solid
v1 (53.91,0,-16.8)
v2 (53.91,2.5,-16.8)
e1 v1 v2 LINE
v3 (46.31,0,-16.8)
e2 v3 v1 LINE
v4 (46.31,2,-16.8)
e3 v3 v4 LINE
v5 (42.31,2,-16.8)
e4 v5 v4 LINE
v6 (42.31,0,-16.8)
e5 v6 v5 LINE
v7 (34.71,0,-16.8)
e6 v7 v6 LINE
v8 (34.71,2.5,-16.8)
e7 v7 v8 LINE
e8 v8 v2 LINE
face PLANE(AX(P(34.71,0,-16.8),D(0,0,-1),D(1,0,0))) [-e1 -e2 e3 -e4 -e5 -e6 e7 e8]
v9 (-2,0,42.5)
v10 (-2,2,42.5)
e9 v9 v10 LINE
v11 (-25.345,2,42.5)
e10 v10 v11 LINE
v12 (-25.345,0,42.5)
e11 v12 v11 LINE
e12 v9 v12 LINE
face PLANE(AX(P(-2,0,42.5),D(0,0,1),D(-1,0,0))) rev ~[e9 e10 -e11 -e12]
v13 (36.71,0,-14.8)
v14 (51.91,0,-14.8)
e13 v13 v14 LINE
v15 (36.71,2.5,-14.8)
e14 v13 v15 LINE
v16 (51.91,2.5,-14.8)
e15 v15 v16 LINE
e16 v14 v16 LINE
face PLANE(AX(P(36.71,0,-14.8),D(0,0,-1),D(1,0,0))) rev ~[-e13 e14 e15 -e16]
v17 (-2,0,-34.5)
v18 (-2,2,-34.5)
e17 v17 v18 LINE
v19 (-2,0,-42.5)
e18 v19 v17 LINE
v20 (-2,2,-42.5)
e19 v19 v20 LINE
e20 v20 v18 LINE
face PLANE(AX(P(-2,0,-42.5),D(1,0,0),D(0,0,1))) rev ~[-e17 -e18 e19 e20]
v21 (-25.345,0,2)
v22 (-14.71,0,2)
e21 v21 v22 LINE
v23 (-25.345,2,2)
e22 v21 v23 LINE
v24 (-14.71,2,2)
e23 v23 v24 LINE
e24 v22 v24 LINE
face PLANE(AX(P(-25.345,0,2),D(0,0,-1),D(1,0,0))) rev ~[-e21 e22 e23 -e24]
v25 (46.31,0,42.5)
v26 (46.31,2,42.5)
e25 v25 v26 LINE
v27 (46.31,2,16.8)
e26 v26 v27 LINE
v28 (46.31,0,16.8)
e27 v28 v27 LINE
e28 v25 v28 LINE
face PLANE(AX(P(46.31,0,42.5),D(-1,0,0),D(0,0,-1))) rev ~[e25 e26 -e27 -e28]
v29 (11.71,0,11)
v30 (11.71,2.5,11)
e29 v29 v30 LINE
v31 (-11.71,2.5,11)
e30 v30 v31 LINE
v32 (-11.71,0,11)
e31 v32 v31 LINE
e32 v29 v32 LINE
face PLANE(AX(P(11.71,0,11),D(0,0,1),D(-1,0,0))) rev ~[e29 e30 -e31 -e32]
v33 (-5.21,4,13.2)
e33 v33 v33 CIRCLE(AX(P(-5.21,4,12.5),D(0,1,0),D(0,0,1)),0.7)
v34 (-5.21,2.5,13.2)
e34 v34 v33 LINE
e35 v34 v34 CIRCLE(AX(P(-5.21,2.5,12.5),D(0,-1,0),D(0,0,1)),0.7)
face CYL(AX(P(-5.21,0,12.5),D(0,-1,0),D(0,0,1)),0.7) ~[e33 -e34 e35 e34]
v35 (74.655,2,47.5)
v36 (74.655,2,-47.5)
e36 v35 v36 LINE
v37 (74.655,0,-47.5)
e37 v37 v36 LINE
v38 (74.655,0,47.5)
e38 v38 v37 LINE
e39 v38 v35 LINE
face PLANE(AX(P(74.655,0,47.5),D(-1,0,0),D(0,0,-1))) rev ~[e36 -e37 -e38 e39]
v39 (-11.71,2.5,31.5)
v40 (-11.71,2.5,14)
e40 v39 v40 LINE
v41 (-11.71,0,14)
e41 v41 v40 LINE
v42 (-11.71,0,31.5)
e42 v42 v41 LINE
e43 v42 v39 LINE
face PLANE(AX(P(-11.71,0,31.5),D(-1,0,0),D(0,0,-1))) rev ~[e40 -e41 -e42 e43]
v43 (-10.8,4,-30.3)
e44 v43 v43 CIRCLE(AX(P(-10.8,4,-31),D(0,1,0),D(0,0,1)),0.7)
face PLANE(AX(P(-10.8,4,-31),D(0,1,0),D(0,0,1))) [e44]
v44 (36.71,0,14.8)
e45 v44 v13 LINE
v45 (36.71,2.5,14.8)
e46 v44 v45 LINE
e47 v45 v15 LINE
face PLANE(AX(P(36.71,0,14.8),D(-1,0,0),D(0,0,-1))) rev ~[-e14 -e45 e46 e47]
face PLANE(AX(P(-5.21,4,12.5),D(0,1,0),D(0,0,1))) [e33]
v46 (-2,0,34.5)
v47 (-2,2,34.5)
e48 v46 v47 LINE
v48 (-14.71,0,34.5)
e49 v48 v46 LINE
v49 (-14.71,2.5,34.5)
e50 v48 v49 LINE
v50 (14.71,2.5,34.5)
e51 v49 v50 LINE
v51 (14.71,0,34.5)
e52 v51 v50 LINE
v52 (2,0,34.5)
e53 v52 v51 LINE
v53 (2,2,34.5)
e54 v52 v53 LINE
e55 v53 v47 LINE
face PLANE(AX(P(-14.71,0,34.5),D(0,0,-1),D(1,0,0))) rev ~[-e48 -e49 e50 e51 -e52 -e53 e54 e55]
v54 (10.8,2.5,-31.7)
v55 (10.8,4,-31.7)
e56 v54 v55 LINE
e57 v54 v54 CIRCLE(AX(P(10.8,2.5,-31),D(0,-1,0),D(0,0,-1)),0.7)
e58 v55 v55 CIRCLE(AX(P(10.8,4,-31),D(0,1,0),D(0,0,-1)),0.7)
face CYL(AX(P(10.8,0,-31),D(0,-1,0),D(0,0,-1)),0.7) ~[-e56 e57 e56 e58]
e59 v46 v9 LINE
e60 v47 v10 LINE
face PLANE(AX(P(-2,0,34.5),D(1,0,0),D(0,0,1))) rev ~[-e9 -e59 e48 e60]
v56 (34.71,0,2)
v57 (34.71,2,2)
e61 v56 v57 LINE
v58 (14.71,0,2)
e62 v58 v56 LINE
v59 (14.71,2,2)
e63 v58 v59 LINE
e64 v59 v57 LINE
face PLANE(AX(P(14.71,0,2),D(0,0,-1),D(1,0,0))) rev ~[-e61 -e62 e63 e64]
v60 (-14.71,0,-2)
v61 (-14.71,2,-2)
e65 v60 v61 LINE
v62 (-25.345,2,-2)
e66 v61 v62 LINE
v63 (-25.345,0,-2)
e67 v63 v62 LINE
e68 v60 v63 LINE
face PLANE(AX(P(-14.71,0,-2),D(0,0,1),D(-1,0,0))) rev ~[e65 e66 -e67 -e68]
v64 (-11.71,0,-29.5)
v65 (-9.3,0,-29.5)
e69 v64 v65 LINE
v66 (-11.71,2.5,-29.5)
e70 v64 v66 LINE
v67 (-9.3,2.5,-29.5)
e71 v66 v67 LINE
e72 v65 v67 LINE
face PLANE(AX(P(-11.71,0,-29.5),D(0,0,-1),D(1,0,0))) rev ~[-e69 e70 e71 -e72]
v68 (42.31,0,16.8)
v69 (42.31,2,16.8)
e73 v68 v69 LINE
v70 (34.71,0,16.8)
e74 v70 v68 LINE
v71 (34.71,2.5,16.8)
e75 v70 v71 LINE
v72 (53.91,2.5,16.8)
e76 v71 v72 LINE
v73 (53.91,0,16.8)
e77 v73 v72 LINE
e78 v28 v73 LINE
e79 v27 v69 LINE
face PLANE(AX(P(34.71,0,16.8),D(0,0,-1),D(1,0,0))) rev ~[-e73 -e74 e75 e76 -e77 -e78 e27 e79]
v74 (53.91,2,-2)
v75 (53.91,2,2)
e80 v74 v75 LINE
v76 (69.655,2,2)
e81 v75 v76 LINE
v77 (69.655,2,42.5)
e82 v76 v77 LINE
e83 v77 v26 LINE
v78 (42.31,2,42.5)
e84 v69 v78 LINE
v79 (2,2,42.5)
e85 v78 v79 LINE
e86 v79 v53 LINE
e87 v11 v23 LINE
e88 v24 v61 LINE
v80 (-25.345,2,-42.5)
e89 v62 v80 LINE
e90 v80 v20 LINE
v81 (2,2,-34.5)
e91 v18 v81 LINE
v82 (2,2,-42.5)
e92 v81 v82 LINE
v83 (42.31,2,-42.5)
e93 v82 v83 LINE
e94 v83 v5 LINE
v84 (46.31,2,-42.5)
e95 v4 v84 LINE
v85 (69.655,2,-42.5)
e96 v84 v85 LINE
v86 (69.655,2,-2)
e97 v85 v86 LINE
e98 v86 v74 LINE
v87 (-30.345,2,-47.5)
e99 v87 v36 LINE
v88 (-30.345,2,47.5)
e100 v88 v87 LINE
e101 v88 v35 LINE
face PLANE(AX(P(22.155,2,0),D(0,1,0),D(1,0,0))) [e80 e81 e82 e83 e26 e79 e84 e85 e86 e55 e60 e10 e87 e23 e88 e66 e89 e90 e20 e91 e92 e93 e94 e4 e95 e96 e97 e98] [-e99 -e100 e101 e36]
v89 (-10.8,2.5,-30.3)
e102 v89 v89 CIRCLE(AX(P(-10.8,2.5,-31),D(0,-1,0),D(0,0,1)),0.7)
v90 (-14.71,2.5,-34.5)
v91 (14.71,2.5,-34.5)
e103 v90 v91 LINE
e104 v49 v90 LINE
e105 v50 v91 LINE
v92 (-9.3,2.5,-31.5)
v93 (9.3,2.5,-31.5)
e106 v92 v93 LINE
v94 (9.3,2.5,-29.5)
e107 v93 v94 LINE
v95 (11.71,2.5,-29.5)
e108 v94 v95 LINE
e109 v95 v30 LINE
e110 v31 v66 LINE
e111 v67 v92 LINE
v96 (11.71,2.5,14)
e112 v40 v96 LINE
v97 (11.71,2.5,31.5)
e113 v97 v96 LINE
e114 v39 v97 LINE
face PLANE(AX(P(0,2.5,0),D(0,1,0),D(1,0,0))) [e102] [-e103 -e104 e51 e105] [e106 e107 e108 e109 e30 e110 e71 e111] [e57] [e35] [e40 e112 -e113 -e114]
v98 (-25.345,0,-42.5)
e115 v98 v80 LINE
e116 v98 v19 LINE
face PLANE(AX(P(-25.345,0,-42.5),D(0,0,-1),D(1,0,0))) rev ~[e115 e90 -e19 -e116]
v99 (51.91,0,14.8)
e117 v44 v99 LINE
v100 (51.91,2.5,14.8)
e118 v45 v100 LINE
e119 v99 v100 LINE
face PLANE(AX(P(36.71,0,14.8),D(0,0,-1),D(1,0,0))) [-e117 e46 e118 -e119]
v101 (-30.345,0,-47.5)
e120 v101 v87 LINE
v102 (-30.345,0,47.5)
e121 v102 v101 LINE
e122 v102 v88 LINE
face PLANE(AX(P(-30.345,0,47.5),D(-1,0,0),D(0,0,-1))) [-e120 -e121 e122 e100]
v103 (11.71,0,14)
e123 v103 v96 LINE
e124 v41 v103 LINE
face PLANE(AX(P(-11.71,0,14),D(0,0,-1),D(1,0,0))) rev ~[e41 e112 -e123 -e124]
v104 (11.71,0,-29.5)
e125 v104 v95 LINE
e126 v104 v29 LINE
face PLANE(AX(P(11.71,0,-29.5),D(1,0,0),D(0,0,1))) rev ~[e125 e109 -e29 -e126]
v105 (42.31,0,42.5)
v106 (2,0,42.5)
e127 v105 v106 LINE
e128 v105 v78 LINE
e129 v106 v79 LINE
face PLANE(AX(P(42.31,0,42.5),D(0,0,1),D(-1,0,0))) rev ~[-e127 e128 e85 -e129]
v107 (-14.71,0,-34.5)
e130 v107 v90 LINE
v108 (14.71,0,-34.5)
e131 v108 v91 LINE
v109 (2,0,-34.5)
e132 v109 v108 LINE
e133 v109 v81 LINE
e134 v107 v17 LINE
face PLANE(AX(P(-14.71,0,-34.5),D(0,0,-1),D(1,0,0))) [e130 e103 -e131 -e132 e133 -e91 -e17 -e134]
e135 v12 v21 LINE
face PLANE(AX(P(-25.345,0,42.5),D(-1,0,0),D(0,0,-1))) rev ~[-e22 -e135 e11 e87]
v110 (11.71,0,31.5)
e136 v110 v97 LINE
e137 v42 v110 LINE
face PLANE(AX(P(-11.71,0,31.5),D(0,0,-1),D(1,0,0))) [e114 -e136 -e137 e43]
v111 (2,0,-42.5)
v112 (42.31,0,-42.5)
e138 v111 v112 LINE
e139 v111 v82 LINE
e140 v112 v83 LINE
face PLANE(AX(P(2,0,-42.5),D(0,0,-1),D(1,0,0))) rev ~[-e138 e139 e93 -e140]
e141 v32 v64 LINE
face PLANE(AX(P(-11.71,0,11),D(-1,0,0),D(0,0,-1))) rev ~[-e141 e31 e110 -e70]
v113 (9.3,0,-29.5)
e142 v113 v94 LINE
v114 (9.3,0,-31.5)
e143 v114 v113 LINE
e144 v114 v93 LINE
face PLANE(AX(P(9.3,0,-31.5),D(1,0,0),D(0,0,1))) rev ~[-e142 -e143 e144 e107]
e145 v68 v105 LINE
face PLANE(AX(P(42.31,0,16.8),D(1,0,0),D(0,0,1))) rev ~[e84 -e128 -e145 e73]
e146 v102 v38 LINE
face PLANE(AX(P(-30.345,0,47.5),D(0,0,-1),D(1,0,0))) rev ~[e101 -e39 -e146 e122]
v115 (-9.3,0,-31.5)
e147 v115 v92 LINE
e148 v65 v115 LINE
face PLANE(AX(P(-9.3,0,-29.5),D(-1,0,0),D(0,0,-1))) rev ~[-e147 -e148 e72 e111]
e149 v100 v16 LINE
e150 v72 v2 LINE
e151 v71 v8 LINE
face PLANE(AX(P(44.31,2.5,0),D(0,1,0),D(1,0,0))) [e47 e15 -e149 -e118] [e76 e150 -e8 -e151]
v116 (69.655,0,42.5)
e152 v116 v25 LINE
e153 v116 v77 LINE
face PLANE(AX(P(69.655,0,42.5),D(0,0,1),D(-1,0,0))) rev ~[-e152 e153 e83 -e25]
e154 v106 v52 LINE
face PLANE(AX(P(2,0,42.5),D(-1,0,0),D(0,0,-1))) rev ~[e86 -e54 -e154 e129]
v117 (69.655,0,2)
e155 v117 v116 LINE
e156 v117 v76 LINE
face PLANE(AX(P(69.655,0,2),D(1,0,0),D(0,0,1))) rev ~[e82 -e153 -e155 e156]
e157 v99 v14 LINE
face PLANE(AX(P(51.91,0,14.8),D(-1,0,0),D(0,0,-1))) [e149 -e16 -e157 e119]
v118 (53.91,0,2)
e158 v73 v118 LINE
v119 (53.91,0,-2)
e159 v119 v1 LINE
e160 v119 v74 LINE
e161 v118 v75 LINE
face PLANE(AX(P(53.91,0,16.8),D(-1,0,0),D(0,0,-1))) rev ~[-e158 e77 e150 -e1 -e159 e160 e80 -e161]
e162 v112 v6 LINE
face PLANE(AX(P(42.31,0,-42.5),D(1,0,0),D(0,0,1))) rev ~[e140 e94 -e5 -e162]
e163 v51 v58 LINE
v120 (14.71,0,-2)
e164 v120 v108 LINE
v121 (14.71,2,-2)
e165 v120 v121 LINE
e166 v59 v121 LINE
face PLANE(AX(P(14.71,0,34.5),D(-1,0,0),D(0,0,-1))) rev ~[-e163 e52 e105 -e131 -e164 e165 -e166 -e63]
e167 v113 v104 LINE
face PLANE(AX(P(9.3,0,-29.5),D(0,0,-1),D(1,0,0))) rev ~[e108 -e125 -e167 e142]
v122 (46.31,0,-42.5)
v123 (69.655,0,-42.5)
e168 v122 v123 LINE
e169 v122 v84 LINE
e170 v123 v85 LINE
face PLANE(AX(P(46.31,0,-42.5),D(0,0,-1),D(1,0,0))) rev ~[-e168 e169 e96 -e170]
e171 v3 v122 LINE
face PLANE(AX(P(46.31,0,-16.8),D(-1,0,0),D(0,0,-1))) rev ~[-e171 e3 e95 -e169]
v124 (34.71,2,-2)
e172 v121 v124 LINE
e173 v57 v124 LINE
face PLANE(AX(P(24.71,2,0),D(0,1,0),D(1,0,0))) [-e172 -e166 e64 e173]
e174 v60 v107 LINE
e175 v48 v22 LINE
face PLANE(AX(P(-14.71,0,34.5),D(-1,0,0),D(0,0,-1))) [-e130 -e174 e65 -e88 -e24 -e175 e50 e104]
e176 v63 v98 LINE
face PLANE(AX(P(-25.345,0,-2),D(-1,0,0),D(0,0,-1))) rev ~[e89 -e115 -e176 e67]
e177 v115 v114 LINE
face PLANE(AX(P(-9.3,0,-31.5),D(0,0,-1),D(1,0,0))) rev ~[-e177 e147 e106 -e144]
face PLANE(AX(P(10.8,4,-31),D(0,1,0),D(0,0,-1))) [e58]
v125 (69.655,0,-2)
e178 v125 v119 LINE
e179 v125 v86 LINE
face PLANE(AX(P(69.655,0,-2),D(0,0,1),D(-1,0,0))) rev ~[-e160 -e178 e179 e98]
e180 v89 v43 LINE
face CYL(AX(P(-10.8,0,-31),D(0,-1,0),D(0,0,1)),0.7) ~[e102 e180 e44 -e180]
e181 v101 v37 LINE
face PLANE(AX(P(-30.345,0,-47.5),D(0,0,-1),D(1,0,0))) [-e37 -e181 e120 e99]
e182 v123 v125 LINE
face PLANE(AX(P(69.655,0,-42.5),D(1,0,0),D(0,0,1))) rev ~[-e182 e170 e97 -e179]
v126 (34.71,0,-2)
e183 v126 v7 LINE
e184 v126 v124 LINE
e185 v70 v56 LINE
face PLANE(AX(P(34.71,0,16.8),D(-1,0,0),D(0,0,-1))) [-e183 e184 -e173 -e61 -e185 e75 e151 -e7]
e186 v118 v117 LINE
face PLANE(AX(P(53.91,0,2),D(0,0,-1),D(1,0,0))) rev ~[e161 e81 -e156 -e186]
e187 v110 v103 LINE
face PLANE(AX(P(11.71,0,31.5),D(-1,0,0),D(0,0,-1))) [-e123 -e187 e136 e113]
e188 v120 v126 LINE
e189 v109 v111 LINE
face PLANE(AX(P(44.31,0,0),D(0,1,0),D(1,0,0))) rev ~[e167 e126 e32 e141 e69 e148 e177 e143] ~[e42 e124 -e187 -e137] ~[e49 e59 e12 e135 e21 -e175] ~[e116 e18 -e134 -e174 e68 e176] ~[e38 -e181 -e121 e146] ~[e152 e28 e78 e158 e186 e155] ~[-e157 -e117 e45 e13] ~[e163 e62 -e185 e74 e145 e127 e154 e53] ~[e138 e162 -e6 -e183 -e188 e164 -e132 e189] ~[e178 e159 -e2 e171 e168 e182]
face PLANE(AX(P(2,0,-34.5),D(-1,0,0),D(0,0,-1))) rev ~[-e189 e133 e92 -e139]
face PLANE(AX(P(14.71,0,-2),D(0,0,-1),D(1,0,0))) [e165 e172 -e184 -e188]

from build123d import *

# Parameters (mm, degrees)
SKETCH2_W           = 29.42
SKETCH2_H           = 69
SKETCH2_W_2         = 23.42
SKETCH2_H_2         = 17.5
BOSS_EXTRUDE1_DEPTH = 2.5
SKETCH2_3_R         = 0.7
BOSS_EXTRUDE2_DEPTH = 4
SKETCH3_W           = 19.2
SKETCH3_H           = 33.6
SKETCH3_W_2         = 15.2
SKETCH3_H_2         = 29.6
BOSS_EXTRUDE3_DEPTH = 2.5
SKETCH4_W           = 105
SKETCH4_H           = 95
SKETCH4_W_2         = 20
SKETCH4_H_2         = 4
BOSS_EXTRUDE4_DEPTH = 2


with BuildPart() as part:
    # Sketch2 → Boss-Extrude1 (new body)
    with BuildSketch(Plane(origin=(0, 0, 0), x_dir=(1, 0, 0), z_dir=(0, 1, 0))):
        Rectangle(SKETCH2_W, SKETCH2_H)
        Polygon((11.71, -11), (-11.71, -11), (-11.71, 29.5), (-9.3, 29.5), (-9.3, 31.5), (9.3, 31.5), (9.3, 29.5), (11.71, 29.5), align=None, mode=Mode.SUBTRACT)
        with Locations((0, -22.75)):
            Rectangle(SKETCH2_W_2, SKETCH2_H_2, mode=Mode.SUBTRACT)
    extrude(amount=BOSS_EXTRUDE1_DEPTH)

    # Sketch2<3> → Boss-Extrude2 (add)
    with BuildSketch(Plane(origin=(0, 0, 0), x_dir=(1, 0, 0), z_dir=(0, 1, 0))):
        with Locations(Location((-10.8, 31, 0), (0, 0, 270))):
            Circle(SKETCH2_3_R)
        with Locations(Location((-5.21, -12.5, 0), (0, 0, 270))):
            Circle(SKETCH2_3_R)
        with Locations(Location((10.8, 31, 0), (0, 0, 90))):
            Circle(SKETCH2_3_R)
    extrude(amount=BOSS_EXTRUDE2_DEPTH)



with BuildPart() as body_2:
    # Sketch3 → Boss-Extrude3 (new body)
    with BuildSketch(Plane(origin=(0, 0, 0), x_dir=(1, 0, 0), z_dir=(0, 1, 0))):
        with Locations((44.31, 0)):
            Rectangle(SKETCH3_W, SKETCH3_H)
        with Locations((44.31, 0)):
            Rectangle(SKETCH3_W_2, SKETCH3_H_2, mode=Mode.SUBTRACT)
    extrude(amount=BOSS_EXTRUDE3_DEPTH)


with BuildPart() as part_1:
    add(part.part)

    add(body_2.part)  # Boss-Extrude4 merges body 2
    # Sketch4 → Boss-Extrude4 (add)
    # profile 1 of 2: a face of its own
    with BuildSketch(Plane(origin=(0, 0, 0), x_dir=(1, 0, 0), z_dir=(0, 1, 0))):
        with Locations((22.155, 0)):
            Rectangle(SKETCH4_W, SKETCH4_H)
        Polygon((-25.345, -42.5), (-25.345, -2), (-14.71, -2), (-14.71, 2), (-25.345, 2), (-25.345, 42.5), (-2, 42.5), (-2, 34.5), (2, 34.5), (2, 42.5), (42.31, 42.5), (42.31, 16.8), (46.31, 16.8), (46.31, 42.5), (69.655, 42.5), (69.655, 2), (53.91, 2), (53.91, -2), (69.655, -2), (69.655, -42.5), (46.31, -42.5), (46.31, -16.8), (42.31, -16.8), (42.31, -42.5), (2, -42.5), (2, -34.5), (-2, -34.5), (-2, -42.5), align=None, mode=Mode.SUBTRACT)
    # profile 2 of 2: a face of its own
    with BuildSketch(Plane(origin=(0, 0, 0), x_dir=(1, 0, 0), z_dir=(0, 1, 0))):
        with Locations((24.71, 0)):
            Rectangle(SKETCH4_W_2, SKETCH4_H_2)
    extrude(amount=BOSS_EXTRUDE4_DEPTH)


solid = part_1.part
